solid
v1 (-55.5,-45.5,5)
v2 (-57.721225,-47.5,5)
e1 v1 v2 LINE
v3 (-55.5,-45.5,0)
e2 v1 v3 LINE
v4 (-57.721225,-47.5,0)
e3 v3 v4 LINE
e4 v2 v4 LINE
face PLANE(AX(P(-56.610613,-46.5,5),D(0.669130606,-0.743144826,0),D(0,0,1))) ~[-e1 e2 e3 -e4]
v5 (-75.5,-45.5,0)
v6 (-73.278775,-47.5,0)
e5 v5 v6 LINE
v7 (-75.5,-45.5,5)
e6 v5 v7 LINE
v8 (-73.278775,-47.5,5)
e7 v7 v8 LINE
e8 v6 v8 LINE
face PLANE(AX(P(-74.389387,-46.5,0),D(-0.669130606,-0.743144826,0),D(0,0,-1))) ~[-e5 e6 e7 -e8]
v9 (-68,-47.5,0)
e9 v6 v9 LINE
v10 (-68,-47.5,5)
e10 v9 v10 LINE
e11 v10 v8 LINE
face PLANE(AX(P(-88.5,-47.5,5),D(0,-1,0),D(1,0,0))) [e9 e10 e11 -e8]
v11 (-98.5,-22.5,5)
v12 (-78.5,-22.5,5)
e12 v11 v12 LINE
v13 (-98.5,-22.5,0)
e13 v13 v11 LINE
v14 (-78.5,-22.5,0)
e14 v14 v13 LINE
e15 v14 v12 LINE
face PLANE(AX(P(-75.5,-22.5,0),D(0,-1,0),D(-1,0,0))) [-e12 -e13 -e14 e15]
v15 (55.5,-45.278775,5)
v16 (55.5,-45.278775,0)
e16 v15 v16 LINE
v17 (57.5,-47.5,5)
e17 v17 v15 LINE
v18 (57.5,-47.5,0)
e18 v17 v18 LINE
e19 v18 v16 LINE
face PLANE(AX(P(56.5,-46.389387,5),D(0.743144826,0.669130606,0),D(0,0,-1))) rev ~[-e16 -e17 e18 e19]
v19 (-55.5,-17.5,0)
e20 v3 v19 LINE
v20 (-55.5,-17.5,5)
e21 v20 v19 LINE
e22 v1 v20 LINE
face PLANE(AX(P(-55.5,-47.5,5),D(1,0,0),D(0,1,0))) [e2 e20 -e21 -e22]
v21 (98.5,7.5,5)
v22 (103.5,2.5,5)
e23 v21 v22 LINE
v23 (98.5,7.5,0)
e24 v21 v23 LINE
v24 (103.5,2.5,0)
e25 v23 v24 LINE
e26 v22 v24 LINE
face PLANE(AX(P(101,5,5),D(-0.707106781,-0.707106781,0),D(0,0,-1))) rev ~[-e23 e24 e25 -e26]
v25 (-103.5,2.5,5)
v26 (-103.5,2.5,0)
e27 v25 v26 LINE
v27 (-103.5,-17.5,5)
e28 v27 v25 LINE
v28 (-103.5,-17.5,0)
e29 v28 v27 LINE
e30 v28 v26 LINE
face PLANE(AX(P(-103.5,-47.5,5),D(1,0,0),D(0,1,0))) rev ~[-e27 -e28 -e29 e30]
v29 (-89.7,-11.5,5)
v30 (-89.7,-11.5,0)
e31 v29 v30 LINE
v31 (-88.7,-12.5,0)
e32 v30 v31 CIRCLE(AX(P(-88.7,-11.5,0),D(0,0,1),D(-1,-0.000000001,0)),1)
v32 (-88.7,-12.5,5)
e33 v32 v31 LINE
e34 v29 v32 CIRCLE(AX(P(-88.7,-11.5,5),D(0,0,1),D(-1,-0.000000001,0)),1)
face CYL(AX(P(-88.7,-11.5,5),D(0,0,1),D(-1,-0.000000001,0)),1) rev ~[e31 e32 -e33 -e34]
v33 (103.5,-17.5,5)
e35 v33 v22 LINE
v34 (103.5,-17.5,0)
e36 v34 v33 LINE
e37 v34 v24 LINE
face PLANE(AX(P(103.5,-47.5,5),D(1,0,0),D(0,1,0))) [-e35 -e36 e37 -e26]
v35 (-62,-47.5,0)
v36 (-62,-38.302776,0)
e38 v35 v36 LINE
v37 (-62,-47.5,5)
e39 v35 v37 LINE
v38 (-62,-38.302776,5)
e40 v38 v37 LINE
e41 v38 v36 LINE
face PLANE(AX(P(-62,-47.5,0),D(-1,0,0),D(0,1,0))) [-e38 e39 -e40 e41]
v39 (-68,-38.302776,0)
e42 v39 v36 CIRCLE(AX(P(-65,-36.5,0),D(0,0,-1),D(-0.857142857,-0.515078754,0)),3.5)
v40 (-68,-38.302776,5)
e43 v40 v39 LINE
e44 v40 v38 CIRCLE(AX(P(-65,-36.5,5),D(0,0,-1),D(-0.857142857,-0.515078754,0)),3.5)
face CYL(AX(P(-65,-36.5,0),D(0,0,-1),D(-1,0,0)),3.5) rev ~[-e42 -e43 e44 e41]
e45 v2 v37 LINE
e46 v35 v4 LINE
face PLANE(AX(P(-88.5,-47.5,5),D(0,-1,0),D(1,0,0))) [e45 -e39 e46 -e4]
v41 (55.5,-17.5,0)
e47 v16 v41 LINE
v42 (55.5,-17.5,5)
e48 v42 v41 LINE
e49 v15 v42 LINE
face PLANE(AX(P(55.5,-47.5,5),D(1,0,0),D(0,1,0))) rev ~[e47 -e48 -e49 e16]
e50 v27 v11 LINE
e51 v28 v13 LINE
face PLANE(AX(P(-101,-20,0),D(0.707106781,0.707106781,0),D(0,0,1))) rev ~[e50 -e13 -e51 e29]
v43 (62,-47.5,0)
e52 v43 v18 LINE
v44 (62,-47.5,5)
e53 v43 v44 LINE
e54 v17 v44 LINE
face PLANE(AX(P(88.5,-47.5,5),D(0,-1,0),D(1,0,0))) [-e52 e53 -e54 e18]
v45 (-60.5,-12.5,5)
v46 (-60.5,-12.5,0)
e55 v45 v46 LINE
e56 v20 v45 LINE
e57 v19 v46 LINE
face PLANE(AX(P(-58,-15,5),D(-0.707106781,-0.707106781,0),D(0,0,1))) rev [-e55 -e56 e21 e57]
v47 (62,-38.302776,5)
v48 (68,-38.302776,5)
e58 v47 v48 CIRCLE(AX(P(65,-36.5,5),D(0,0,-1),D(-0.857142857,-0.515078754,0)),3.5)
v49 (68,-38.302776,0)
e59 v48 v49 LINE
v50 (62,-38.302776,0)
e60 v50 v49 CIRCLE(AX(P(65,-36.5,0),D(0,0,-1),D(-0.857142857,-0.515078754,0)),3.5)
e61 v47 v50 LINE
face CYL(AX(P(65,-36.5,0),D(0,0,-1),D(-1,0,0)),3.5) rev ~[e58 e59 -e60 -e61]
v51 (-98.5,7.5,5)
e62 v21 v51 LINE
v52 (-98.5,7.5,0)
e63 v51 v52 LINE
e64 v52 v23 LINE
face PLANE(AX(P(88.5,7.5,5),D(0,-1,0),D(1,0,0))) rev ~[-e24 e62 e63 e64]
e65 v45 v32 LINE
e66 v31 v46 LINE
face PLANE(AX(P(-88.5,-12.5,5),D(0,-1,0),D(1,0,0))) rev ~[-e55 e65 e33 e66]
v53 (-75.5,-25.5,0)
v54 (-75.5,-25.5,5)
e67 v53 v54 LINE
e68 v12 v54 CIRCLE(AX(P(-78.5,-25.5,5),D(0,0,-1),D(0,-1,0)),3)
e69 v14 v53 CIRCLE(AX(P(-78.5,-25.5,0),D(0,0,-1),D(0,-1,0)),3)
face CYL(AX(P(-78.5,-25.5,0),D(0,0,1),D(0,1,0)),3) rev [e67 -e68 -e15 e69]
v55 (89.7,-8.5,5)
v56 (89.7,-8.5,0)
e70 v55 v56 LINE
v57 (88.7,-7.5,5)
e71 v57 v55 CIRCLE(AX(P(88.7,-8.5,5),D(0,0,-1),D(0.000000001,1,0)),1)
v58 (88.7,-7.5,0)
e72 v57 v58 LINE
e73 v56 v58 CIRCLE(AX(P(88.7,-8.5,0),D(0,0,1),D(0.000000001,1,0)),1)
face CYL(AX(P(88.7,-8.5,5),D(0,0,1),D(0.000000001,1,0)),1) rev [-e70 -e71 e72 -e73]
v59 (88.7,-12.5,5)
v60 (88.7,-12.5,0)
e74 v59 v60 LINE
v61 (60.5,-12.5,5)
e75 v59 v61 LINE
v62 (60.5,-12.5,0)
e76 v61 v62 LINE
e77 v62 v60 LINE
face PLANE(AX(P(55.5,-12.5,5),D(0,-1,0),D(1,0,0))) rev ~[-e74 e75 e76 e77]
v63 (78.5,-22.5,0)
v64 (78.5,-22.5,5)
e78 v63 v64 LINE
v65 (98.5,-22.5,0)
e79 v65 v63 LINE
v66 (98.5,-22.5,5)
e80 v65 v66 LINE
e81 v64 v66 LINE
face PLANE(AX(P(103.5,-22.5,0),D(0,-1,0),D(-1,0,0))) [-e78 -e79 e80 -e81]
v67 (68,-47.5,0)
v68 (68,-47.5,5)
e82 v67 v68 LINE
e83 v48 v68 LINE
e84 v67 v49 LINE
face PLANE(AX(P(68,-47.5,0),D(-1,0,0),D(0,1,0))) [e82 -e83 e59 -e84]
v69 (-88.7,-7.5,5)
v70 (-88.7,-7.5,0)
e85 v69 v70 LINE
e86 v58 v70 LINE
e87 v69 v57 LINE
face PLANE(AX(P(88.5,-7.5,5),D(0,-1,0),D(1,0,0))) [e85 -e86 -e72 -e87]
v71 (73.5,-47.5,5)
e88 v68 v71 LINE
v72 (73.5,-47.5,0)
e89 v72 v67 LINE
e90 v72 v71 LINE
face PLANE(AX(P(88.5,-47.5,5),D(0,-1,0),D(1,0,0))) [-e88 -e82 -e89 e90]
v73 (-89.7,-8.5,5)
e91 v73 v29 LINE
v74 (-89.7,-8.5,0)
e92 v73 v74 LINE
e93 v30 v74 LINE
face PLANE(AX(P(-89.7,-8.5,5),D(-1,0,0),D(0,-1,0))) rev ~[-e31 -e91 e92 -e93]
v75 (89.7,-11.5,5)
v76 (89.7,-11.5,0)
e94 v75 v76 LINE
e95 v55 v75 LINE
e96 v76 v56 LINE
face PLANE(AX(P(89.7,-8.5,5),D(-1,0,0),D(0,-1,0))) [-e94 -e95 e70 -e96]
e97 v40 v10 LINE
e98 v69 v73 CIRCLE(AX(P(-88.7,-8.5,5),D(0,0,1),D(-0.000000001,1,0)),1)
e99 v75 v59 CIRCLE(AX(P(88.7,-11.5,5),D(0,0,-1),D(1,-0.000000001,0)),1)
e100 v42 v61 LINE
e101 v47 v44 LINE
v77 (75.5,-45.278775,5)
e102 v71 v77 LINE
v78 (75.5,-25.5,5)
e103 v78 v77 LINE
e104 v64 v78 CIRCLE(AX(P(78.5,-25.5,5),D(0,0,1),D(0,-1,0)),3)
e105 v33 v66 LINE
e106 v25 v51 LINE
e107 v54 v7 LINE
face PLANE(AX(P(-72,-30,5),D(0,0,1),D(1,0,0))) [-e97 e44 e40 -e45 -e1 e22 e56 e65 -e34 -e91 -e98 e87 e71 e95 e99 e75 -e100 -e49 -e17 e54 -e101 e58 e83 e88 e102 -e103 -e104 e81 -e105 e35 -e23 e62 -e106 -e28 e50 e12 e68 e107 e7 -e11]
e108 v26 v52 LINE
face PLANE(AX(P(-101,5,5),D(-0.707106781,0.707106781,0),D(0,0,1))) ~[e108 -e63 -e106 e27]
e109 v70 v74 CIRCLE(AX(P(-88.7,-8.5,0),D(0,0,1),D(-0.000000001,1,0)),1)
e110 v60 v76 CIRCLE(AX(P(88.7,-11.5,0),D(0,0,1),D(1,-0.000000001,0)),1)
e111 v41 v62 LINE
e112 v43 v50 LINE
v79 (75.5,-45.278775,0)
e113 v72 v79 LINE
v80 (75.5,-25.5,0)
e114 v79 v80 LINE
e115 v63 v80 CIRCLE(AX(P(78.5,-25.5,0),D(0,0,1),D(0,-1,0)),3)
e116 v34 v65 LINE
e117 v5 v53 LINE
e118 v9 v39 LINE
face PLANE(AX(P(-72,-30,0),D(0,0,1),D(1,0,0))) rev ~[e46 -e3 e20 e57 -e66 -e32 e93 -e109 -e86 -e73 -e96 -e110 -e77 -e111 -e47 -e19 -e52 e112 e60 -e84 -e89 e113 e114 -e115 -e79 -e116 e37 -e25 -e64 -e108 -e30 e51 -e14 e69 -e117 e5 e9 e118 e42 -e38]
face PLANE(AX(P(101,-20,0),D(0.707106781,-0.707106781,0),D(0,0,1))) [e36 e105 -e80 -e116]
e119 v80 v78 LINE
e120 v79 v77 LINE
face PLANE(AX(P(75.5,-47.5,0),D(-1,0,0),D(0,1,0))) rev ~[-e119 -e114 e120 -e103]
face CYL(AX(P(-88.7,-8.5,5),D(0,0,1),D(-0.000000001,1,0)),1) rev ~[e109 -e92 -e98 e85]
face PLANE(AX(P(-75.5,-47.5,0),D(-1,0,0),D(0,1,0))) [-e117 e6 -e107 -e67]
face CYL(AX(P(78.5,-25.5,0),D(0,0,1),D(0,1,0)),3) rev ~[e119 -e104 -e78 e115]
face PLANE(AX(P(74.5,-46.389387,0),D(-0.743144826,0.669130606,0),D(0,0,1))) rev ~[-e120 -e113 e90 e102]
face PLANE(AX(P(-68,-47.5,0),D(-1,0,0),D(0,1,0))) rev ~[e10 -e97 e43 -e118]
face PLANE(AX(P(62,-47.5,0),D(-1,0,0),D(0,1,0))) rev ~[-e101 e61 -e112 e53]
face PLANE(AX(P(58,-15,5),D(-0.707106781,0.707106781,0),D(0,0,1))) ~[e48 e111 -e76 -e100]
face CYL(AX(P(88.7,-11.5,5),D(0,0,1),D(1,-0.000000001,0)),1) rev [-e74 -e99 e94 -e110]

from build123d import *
from OCP.BRepFilletAPI import BRepFilletAPI_MakeChamfer

# Parameters (mm, degrees)
SKETCH_1_W           = 177
SKETCH_1_H           = 15
EXTRUDE_1_DEPTH      = 5
SKETCH_3_W           = 15
SKETCH_3_H           = 55
EXTRUDE_3_DEPTH      = 5
SKETCH_9_W           = 33
SKETCH_9_H           = 35
EXTRUDE_5_DEPTH      = 5
CUT_EXTRUDE_4_REACH  = 115.989
CUT_EXTRUDE_5_REACH  = 115.989
SKETCH_10_R          = 3
SKETCH_13_W          = 28
SKETCH_13_H          = 25
CUT_EXTRUDE_8_DEPTH  = 10
CHAMFER_4_SIZE       = 5
FILLET_3_R           = 3
SKETCH_14_W          = 6
SKETCH_14_H          = 11
CUT_EXTRUDE_9_DEPTH  = 10
SKETCH_15_R          = 3.5
CUT_EXTRUDE_10_DEPTH = 10
CHAMFER_5_SIZE       = 2
CHAMFER_5_SIZE2      = 2.22122503


with BuildPart() as part:
    # 스케치1 → 보스-돌출1 (new body)
    with BuildSketch(Plane.XY):
        Rectangle(SKETCH_1_W, SKETCH_1_H)
    extrude(amount=EXTRUDE_1_DEPTH)

    # 스케치3 → 보스-돌출3 (add)
    with BuildSketch(Plane.XY.offset(5)):
        with Locations((96, -20)):
            Rectangle(SKETCH_3_W, SKETCH_3_H)
        with Locations((-96, -20)):
            Rectangle(SKETCH_3_W, SKETCH_3_H)
    extrude(amount=-EXTRUDE_3_DEPTH)

    # 스케치9 → 보스-돌출5 (add)
    with BuildSketch(Plane.XY.offset(5)):
        with Locations((-72, -30)):
            Rectangle(SKETCH_9_W, SKETCH_9_H)
        with Locations((72, -30)):
            Rectangle(SKETCH_9_W, SKETCH_9_H)
    extrude(amount=-EXTRUDE_5_DEPTH)

    # 스케치8 → 컷-돌출4 (cut, up to next)
    with BuildSketch(Plane.XY.offset(5), mode=Mode.PRIVATE) as cut_extrude_4_sk1:
        with BuildLine():
            Line((-88.5, -7.5), (-88.7, -7.5))
            ThreePointArc((-88.7, -7.5), (-89.407106781, -7.792893219), (-89.7, -8.5))
            Line((-89.7, -8.5), (-89.7, -11.5))
            ThreePointArc((-89.7, -11.5), (-89.407106781, -12.207106781), (-88.7, -12.5))
            Line((-88.7, -12.5), (-88.5, -12.5))
            Line((-88.5, -12.5), (-88.5, -7.5))
        make_face()
    cut_extrude_4_tool1 = extrude(cut_extrude_4_sk1.sketch, amount=-CUT_EXTRUDE_4_REACH, mode=Mode.PRIVATE) & part.part
    # 스케치8 → 컷-돌출4 (cut, up to next)
    with BuildSketch(Plane.XY.offset(5), mode=Mode.PRIVATE) as cut_extrude_4_sk2:
        with BuildLine():
            Line((88.5, -7.5), (88.7, -7.5))
            ThreePointArc((88.7, -7.5), (89.407106781, -7.792893219), (89.7, -8.5))
            Line((89.7, -8.5), (89.7, -11.5))
            ThreePointArc((89.7, -11.5), (89.407106781, -12.207106781), (88.7, -12.5))
            Line((88.7, -12.5), (88.5, -12.5))
            Line((88.5, -12.5), (88.5, -7.5))
        make_face()
    cut_extrude_4_tool2 = extrude(cut_extrude_4_sk2.sketch, amount=-CUT_EXTRUDE_4_REACH, mode=Mode.PRIVATE) & part.part
    add(cut_extrude_4_tool1.solids().sort_by_distance((-89.070982, -10, 5))[0], mode=Mode.SUBTRACT)
    add(cut_extrude_4_tool2.solids().sort_by_distance((89.070982, -10, 5))[0], mode=Mode.SUBTRACT)

    # 스케치10 → 컷-돌출5 (cut, up to next)
    with BuildSketch(Plane.XY.offset(5), mode=Mode.PRIVATE) as cut_extrude_5_sk1:
        with Locations((65, -36.5)):
            Circle(SKETCH_10_R)
    cut_extrude_5_tool1 = extrude(cut_extrude_5_sk1.sketch, amount=-CUT_EXTRUDE_5_REACH, mode=Mode.PRIVATE) & part.part
    # 스케치10 → 컷-돌출5 (cut, up to next)
    with BuildSketch(Plane.XY.offset(5), mode=Mode.PRIVATE) as cut_extrude_5_sk2:
        with Locations((-65, -36.5)):
            Circle(SKETCH_10_R)
    cut_extrude_5_tool2 = extrude(cut_extrude_5_sk2.sketch, amount=-CUT_EXTRUDE_5_REACH, mode=Mode.PRIVATE) & part.part
    add(cut_extrude_5_tool1.solids().sort_by_distance((65, -36.5, 5))[0], mode=Mode.SUBTRACT)
    add(cut_extrude_5_tool2.solids().sort_by_distance((-65, -36.5, 5))[0], mode=Mode.SUBTRACT)

    # 스케치13 → 컷-돌출8 (cut)
    with BuildSketch(Plane(origin=(0, 0, 0), x_dir=(-1, 0, 0), z_dir=(0, 0, -1))):
        with Locations((-89.5, -35)):
            Rectangle(SKETCH_13_W, SKETCH_13_H)
        with Locations((89.5, -35)):
            Rectangle(SKETCH_13_W, SKETCH_13_H)
    extrude(amount=-CUT_EXTRUDE_8_DEPTH, mode=Mode.SUBTRACT)

    # 모따기4
    chamfer_4_edges = [part.edges().sort_by_distance(p)[0] for p in [
        (103.5, -22.5, 2.5),
        (-103.5, -22.5, 2.5),
        (103.5, 7.5, 2.5),
        (-103.5, 7.5, 2.5),
        (-55.5, -12.5, 2.5),
        (55.5, -12.5, 2.5),
    ]]
    chamfer(chamfer_4_edges, length=CHAMFER_4_SIZE)

    # 필렛3
    fillet_3_edges = [part.edges().sort_by_distance(p)[0] for p in [
        (75.5, -22.5, 2.5),
        (-75.5, -22.5, 2.5),
    ]]
    fillet(fillet_3_edges, radius=FILLET_3_R)

    # 스케치14 → 컷-돌출9 (cut)
    with BuildSketch(Plane(origin=(0, 0, 0), x_dir=(-1, 0, 0), z_dir=(0, 0, -1))):
        with Locations((-65, -42)):
            Rectangle(SKETCH_14_W, SKETCH_14_H)
        with Locations((65, -42)):
            Rectangle(SKETCH_14_W, SKETCH_14_H)
    extrude(amount=-CUT_EXTRUDE_9_DEPTH, mode=Mode.SUBTRACT)

    # 스케치15 → 컷-돌출10 (cut)
    with BuildSketch(Plane(origin=(0, 0, 0), x_dir=(-1, 0, 0), z_dir=(0, 0, -1))):
        with Locations((65, -36.5)):
            Circle(SKETCH_15_R)
        with Locations((-65, -36.5)):
            Circle(SKETCH_15_R)
    extrude(amount=-CUT_EXTRUDE_10_DEPTH, mode=Mode.SUBTRACT)

    # 모따기5: one chamfer whose edges measure the first distance from different faces: ONE call of the kernel's chamfer builder (chamfer() names one face for all edges)
    chamfer_5_edges_1 = [part.edges().sort_by_distance(p)[0] for p in [
        (75.5, -47.5, 2.5),
    ]]
    chamfer_5_side_1 = [part.faces().sort_by_distance(p)[0] for p in [
        (71.75, -47.5, 2.5),
    ]]
    chamfer_5_edges_2 = [part.edges().sort_by_distance(p)[0] for p in [
        (-75.5, -47.5, 2.5),
    ]]
    chamfer_5_side_2 = [part.faces().sort_by_distance(p)[0] for p in [
        (-75.5, -36.5, 2.5),
    ]]
    chamfer_5_edges_3 = [part.edges().sort_by_distance(p)[0] for p in [
        (-55.5, -47.5, 2.5),
    ]]
    chamfer_5_side_3 = [part.faces().sort_by_distance(p)[0] for p in [
        (-55.5, -32.5, 2.5),
    ]]
    chamfer_5_edges_4 = [part.edges().sort_by_distance(p)[0] for p in [
        (55.5, -47.5, 2.5),
    ]]
    chamfer_5_side_4 = [part.faces().sort_by_distance(p)[0] for p in [
        (58.75, -47.5, 2.5),
    ]]
    chamfer_5 = BRepFilletAPI_MakeChamfer(part.part.solid().wrapped)
    for e in chamfer_5_edges_1:
        chamfer_5.Add(CHAMFER_5_SIZE, CHAMFER_5_SIZE2, e.wrapped, chamfer_5_side_1[0].wrapped)  # the first distance lies on this face
    for e in chamfer_5_edges_2:
        chamfer_5.Add(CHAMFER_5_SIZE, CHAMFER_5_SIZE2, e.wrapped, chamfer_5_side_2[0].wrapped)  # the first distance lies on this face
    for e in chamfer_5_edges_3:
        chamfer_5.Add(CHAMFER_5_SIZE, CHAMFER_5_SIZE2, e.wrapped, chamfer_5_side_3[0].wrapped)  # the first distance lies on this face
    for e in chamfer_5_edges_4:
        chamfer_5.Add(CHAMFER_5_SIZE, CHAMFER_5_SIZE2, e.wrapped, chamfer_5_side_4[0].wrapped)  # the first distance lies on this face
    add(Compound.cast(chamfer_5.Shape()), mode=Mode.REPLACE)


solid = part.part
